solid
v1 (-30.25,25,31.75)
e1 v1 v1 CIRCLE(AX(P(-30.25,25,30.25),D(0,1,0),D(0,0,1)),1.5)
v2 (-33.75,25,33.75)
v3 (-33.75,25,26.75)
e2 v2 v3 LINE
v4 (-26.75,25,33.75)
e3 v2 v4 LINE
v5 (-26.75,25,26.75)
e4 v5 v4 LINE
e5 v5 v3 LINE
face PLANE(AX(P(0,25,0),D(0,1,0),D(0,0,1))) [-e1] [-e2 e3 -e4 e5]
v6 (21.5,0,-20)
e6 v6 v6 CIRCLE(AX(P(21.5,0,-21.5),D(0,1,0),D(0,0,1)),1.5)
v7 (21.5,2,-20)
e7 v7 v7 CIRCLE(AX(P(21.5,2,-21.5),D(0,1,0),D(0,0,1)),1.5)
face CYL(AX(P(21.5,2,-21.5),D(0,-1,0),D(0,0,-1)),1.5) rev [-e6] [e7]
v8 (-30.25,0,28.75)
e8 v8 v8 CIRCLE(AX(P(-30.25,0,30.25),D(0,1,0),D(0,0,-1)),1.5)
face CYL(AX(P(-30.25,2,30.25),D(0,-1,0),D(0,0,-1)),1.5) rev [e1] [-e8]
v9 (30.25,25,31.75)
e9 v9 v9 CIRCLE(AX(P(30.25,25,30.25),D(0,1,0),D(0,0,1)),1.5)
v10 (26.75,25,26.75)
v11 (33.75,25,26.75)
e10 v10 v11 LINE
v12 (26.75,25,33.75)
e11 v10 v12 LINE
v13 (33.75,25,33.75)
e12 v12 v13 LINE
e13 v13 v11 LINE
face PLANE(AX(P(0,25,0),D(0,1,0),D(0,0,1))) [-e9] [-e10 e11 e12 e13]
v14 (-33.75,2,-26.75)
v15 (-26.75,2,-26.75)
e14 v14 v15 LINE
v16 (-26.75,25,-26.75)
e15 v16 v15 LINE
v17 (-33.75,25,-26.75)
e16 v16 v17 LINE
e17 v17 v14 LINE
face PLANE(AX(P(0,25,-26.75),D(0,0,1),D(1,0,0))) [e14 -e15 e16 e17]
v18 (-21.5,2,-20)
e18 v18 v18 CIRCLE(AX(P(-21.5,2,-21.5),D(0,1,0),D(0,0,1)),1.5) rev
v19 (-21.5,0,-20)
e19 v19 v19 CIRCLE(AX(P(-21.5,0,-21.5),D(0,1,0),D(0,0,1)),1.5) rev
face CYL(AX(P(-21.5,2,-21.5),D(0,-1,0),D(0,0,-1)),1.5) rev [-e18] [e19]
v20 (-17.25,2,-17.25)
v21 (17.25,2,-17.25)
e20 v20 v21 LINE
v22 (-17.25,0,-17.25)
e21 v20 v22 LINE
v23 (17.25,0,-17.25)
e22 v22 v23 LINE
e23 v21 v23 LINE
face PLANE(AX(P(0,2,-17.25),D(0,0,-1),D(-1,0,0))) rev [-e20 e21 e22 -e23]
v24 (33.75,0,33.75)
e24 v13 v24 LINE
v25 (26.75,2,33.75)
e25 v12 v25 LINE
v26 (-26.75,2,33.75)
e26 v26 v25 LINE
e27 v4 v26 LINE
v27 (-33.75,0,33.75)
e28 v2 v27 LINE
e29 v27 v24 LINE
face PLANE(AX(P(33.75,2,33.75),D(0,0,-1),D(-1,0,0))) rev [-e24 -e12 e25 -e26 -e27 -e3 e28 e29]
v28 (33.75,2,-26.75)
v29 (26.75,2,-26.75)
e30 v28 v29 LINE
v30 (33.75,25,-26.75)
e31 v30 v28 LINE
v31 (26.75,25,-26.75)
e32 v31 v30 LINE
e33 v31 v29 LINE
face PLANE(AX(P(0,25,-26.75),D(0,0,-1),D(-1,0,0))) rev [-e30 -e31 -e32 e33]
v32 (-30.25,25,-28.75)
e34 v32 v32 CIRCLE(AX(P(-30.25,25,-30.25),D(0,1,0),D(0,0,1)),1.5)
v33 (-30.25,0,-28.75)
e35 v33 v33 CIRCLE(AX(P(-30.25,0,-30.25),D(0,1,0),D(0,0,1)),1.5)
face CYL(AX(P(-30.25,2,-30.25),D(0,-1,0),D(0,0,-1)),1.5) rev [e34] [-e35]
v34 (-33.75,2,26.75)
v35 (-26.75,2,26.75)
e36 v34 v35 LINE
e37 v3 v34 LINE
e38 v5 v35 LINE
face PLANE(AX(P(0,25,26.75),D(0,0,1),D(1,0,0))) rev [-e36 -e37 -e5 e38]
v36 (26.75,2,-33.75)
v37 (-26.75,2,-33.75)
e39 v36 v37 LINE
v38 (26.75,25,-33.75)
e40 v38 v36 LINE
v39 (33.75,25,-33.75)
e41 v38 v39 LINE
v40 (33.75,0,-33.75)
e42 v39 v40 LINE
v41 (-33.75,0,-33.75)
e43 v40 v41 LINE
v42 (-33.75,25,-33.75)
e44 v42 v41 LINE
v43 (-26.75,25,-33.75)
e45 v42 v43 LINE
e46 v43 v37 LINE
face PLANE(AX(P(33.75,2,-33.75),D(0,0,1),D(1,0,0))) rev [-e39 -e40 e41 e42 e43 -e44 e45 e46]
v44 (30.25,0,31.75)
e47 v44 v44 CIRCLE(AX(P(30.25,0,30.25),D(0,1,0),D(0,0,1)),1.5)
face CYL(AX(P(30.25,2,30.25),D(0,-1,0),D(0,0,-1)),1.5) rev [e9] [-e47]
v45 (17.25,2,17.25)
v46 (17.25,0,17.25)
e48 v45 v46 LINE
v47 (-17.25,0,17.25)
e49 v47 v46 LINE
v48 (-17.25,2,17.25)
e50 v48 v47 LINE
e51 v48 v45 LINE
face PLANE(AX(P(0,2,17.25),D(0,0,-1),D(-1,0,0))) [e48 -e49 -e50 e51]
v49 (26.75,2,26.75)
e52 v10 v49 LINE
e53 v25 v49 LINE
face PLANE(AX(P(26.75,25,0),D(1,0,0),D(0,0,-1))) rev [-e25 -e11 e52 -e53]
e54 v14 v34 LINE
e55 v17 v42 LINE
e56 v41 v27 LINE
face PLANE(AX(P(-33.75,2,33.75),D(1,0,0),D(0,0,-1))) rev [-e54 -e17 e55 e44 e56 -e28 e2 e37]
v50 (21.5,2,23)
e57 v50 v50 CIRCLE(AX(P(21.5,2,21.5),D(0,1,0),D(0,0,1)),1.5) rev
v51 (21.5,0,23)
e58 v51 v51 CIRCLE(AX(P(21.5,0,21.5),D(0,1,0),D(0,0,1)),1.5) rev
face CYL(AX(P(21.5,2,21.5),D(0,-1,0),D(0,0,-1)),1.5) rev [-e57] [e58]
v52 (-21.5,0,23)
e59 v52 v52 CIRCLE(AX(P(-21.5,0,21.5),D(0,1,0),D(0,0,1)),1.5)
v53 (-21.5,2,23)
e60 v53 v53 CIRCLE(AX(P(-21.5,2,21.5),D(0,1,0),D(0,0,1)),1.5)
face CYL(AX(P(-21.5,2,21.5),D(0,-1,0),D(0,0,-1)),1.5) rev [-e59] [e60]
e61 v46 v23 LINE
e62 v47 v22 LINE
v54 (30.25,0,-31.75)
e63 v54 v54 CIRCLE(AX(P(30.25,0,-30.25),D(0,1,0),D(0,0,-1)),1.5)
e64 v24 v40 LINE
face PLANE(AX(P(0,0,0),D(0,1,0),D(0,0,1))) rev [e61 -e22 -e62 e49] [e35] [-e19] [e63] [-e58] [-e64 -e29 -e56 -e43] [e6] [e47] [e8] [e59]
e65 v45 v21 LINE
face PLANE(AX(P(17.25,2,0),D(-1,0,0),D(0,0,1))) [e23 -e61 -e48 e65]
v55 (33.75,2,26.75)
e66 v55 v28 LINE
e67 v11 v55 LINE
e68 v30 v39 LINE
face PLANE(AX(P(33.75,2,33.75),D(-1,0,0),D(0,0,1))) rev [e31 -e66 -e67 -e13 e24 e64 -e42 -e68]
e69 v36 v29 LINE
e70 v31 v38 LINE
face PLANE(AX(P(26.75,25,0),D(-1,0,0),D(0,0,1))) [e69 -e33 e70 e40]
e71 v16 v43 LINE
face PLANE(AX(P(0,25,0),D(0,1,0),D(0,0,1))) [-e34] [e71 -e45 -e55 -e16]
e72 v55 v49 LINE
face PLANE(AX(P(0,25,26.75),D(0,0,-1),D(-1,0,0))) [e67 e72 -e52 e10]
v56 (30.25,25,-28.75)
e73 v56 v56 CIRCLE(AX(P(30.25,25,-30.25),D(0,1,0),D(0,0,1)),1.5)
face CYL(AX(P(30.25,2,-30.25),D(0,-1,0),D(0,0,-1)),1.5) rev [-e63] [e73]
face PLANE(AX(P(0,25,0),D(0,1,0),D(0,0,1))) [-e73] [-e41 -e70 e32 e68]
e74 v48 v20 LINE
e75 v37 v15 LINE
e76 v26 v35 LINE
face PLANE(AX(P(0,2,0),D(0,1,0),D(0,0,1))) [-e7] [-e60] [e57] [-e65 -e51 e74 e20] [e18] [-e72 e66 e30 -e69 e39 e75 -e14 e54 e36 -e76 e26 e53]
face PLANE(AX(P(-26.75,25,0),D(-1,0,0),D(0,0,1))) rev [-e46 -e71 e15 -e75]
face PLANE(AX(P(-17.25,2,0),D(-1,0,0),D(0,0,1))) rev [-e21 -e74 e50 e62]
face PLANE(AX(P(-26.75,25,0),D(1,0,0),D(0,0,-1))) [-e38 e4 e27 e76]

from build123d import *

# Parameters (mm, degrees)
SKETCH1_W           = 55.5
SKETCH1_H           = 55.5
SKETCH1_R           = 1.5
SKETCH1_W_2         = 34.5
SKETCH1_H_2         = 34.5
BOSS_EXTRUDE2_DEPTH = 2
SKETCH2_W           = 67.5
SKETCH2_H           = 67.5
SKETCH2_R           = 1.5
SKETCH2_W_2         = 55.5
SKETCH2_H_2         = 55.5
BOSS_EXTRUDE5_DEPTH = 2
SKETCH3_W           = 7
SKETCH3_H           = 7
SKETCH3_R           = 1.5
BOSS_EXTRUDE6_DEPTH = 25


with BuildPart() as part:
    # Sketch1 → Boss-Extrude2 (new body)
    with BuildSketch(Plane(origin=(0, 0, 0), x_dir=(1, 0, 0), z_dir=(0, 1, 0))):
        Rectangle(SKETCH1_W, SKETCH1_H)
        with Locations(Location((21.5, -21.5, 0), (0, 0, 270))):
            Circle(SKETCH1_R, mode=Mode.SUBTRACT)
        with Locations(Location((-21.5, -21.5, 0), (0, 0, 270))):
            Circle(SKETCH1_R, mode=Mode.SUBTRACT)
        with Locations(Location((21.5, 21.5, 0), (0, 0, 270))):
            Circle(SKETCH1_R, mode=Mode.SUBTRACT)
        with Locations(Location((-21.5, 21.5, 0), (0, 0, 270))):
            Circle(SKETCH1_R, mode=Mode.SUBTRACT)
        Rectangle(SKETCH1_W_2, SKETCH1_H_2, mode=Mode.SUBTRACT)
    extrude(amount=BOSS_EXTRUDE2_DEPTH)

    # Sketch2 → Boss-Extrude5 (add)
    with BuildSketch(Plane(origin=(0, 0, 0), x_dir=(1, 0, 0), z_dir=(0, 1, 0))):
        Rectangle(SKETCH2_W, SKETCH2_H)
        with Locations(Location((-30.25, 30.25, 0), (0, 0, 270))):
            Circle(SKETCH2_R, mode=Mode.SUBTRACT)
        with Locations(Location((30.25, 30.25, 0), (0, 0, 90))):
            Circle(SKETCH2_R, mode=Mode.SUBTRACT)
        with Locations(Location((30.25, -30.25, 0), (0, 0, 270))):
            Circle(SKETCH2_R, mode=Mode.SUBTRACT)
        with Locations(Location((-30.25, -30.25, 0), (0, 0, 90))):
            Circle(SKETCH2_R, mode=Mode.SUBTRACT)
        Rectangle(SKETCH2_W_2, SKETCH2_H_2, mode=Mode.SUBTRACT)
    extrude(amount=BOSS_EXTRUDE5_DEPTH)

    # Sketch3 → Boss-Extrude6 (add)
    # profile 1 of 4: a face of its own
    with BuildSketch(Plane(origin=(0, 0, 0), x_dir=(1, 0, 0), z_dir=(0, 1, 0))):
        with Locations((-30.25, -30.25)):
            Rectangle(SKETCH3_W, SKETCH3_H)
        with Locations(Location((-30.25, -30.25, 0), (0, 0, 90))):
            Circle(SKETCH3_R, mode=Mode.SUBTRACT)
    # profile 2 of 4: a face of its own
    with BuildSketch(Plane(origin=(0, 0, 0), x_dir=(1, 0, 0), z_dir=(0, 1, 0))):
        with Locations((30.25, -30.25)):
            Rectangle(SKETCH3_W, SKETCH3_H)
        with Locations(Location((30.25, -30.25, 0), (0, 0, 270))):
            Circle(SKETCH3_R, mode=Mode.SUBTRACT)
    # profile 3 of 4: a face of its own
    with BuildSketch(Plane(origin=(0, 0, 0), x_dir=(1, 0, 0), z_dir=(0, 1, 0))):
        with Locations((-30.25, 30.25)):
            Rectangle(SKETCH3_W, SKETCH3_H)
        with Locations(Location((-30.25, 30.25, 0), (0, 0, 270))):
            Circle(SKETCH3_R, mode=Mode.SUBTRACT)
    # profile 4 of 4: a face of its own
    with BuildSketch(Plane(origin=(0, 0, 0), x_dir=(1, 0, 0), z_dir=(0, 1, 0))):
        with Locations((30.25, 30.25)):
            Rectangle(SKETCH3_W, SKETCH3_H)
        with Locations(Location((30.25, 30.25, 0), (0, 0, 90))):
            Circle(SKETCH3_R, mode=Mode.SUBTRACT)
    extrude(amount=BOSS_EXTRUDE6_DEPTH)


solid = part.part
